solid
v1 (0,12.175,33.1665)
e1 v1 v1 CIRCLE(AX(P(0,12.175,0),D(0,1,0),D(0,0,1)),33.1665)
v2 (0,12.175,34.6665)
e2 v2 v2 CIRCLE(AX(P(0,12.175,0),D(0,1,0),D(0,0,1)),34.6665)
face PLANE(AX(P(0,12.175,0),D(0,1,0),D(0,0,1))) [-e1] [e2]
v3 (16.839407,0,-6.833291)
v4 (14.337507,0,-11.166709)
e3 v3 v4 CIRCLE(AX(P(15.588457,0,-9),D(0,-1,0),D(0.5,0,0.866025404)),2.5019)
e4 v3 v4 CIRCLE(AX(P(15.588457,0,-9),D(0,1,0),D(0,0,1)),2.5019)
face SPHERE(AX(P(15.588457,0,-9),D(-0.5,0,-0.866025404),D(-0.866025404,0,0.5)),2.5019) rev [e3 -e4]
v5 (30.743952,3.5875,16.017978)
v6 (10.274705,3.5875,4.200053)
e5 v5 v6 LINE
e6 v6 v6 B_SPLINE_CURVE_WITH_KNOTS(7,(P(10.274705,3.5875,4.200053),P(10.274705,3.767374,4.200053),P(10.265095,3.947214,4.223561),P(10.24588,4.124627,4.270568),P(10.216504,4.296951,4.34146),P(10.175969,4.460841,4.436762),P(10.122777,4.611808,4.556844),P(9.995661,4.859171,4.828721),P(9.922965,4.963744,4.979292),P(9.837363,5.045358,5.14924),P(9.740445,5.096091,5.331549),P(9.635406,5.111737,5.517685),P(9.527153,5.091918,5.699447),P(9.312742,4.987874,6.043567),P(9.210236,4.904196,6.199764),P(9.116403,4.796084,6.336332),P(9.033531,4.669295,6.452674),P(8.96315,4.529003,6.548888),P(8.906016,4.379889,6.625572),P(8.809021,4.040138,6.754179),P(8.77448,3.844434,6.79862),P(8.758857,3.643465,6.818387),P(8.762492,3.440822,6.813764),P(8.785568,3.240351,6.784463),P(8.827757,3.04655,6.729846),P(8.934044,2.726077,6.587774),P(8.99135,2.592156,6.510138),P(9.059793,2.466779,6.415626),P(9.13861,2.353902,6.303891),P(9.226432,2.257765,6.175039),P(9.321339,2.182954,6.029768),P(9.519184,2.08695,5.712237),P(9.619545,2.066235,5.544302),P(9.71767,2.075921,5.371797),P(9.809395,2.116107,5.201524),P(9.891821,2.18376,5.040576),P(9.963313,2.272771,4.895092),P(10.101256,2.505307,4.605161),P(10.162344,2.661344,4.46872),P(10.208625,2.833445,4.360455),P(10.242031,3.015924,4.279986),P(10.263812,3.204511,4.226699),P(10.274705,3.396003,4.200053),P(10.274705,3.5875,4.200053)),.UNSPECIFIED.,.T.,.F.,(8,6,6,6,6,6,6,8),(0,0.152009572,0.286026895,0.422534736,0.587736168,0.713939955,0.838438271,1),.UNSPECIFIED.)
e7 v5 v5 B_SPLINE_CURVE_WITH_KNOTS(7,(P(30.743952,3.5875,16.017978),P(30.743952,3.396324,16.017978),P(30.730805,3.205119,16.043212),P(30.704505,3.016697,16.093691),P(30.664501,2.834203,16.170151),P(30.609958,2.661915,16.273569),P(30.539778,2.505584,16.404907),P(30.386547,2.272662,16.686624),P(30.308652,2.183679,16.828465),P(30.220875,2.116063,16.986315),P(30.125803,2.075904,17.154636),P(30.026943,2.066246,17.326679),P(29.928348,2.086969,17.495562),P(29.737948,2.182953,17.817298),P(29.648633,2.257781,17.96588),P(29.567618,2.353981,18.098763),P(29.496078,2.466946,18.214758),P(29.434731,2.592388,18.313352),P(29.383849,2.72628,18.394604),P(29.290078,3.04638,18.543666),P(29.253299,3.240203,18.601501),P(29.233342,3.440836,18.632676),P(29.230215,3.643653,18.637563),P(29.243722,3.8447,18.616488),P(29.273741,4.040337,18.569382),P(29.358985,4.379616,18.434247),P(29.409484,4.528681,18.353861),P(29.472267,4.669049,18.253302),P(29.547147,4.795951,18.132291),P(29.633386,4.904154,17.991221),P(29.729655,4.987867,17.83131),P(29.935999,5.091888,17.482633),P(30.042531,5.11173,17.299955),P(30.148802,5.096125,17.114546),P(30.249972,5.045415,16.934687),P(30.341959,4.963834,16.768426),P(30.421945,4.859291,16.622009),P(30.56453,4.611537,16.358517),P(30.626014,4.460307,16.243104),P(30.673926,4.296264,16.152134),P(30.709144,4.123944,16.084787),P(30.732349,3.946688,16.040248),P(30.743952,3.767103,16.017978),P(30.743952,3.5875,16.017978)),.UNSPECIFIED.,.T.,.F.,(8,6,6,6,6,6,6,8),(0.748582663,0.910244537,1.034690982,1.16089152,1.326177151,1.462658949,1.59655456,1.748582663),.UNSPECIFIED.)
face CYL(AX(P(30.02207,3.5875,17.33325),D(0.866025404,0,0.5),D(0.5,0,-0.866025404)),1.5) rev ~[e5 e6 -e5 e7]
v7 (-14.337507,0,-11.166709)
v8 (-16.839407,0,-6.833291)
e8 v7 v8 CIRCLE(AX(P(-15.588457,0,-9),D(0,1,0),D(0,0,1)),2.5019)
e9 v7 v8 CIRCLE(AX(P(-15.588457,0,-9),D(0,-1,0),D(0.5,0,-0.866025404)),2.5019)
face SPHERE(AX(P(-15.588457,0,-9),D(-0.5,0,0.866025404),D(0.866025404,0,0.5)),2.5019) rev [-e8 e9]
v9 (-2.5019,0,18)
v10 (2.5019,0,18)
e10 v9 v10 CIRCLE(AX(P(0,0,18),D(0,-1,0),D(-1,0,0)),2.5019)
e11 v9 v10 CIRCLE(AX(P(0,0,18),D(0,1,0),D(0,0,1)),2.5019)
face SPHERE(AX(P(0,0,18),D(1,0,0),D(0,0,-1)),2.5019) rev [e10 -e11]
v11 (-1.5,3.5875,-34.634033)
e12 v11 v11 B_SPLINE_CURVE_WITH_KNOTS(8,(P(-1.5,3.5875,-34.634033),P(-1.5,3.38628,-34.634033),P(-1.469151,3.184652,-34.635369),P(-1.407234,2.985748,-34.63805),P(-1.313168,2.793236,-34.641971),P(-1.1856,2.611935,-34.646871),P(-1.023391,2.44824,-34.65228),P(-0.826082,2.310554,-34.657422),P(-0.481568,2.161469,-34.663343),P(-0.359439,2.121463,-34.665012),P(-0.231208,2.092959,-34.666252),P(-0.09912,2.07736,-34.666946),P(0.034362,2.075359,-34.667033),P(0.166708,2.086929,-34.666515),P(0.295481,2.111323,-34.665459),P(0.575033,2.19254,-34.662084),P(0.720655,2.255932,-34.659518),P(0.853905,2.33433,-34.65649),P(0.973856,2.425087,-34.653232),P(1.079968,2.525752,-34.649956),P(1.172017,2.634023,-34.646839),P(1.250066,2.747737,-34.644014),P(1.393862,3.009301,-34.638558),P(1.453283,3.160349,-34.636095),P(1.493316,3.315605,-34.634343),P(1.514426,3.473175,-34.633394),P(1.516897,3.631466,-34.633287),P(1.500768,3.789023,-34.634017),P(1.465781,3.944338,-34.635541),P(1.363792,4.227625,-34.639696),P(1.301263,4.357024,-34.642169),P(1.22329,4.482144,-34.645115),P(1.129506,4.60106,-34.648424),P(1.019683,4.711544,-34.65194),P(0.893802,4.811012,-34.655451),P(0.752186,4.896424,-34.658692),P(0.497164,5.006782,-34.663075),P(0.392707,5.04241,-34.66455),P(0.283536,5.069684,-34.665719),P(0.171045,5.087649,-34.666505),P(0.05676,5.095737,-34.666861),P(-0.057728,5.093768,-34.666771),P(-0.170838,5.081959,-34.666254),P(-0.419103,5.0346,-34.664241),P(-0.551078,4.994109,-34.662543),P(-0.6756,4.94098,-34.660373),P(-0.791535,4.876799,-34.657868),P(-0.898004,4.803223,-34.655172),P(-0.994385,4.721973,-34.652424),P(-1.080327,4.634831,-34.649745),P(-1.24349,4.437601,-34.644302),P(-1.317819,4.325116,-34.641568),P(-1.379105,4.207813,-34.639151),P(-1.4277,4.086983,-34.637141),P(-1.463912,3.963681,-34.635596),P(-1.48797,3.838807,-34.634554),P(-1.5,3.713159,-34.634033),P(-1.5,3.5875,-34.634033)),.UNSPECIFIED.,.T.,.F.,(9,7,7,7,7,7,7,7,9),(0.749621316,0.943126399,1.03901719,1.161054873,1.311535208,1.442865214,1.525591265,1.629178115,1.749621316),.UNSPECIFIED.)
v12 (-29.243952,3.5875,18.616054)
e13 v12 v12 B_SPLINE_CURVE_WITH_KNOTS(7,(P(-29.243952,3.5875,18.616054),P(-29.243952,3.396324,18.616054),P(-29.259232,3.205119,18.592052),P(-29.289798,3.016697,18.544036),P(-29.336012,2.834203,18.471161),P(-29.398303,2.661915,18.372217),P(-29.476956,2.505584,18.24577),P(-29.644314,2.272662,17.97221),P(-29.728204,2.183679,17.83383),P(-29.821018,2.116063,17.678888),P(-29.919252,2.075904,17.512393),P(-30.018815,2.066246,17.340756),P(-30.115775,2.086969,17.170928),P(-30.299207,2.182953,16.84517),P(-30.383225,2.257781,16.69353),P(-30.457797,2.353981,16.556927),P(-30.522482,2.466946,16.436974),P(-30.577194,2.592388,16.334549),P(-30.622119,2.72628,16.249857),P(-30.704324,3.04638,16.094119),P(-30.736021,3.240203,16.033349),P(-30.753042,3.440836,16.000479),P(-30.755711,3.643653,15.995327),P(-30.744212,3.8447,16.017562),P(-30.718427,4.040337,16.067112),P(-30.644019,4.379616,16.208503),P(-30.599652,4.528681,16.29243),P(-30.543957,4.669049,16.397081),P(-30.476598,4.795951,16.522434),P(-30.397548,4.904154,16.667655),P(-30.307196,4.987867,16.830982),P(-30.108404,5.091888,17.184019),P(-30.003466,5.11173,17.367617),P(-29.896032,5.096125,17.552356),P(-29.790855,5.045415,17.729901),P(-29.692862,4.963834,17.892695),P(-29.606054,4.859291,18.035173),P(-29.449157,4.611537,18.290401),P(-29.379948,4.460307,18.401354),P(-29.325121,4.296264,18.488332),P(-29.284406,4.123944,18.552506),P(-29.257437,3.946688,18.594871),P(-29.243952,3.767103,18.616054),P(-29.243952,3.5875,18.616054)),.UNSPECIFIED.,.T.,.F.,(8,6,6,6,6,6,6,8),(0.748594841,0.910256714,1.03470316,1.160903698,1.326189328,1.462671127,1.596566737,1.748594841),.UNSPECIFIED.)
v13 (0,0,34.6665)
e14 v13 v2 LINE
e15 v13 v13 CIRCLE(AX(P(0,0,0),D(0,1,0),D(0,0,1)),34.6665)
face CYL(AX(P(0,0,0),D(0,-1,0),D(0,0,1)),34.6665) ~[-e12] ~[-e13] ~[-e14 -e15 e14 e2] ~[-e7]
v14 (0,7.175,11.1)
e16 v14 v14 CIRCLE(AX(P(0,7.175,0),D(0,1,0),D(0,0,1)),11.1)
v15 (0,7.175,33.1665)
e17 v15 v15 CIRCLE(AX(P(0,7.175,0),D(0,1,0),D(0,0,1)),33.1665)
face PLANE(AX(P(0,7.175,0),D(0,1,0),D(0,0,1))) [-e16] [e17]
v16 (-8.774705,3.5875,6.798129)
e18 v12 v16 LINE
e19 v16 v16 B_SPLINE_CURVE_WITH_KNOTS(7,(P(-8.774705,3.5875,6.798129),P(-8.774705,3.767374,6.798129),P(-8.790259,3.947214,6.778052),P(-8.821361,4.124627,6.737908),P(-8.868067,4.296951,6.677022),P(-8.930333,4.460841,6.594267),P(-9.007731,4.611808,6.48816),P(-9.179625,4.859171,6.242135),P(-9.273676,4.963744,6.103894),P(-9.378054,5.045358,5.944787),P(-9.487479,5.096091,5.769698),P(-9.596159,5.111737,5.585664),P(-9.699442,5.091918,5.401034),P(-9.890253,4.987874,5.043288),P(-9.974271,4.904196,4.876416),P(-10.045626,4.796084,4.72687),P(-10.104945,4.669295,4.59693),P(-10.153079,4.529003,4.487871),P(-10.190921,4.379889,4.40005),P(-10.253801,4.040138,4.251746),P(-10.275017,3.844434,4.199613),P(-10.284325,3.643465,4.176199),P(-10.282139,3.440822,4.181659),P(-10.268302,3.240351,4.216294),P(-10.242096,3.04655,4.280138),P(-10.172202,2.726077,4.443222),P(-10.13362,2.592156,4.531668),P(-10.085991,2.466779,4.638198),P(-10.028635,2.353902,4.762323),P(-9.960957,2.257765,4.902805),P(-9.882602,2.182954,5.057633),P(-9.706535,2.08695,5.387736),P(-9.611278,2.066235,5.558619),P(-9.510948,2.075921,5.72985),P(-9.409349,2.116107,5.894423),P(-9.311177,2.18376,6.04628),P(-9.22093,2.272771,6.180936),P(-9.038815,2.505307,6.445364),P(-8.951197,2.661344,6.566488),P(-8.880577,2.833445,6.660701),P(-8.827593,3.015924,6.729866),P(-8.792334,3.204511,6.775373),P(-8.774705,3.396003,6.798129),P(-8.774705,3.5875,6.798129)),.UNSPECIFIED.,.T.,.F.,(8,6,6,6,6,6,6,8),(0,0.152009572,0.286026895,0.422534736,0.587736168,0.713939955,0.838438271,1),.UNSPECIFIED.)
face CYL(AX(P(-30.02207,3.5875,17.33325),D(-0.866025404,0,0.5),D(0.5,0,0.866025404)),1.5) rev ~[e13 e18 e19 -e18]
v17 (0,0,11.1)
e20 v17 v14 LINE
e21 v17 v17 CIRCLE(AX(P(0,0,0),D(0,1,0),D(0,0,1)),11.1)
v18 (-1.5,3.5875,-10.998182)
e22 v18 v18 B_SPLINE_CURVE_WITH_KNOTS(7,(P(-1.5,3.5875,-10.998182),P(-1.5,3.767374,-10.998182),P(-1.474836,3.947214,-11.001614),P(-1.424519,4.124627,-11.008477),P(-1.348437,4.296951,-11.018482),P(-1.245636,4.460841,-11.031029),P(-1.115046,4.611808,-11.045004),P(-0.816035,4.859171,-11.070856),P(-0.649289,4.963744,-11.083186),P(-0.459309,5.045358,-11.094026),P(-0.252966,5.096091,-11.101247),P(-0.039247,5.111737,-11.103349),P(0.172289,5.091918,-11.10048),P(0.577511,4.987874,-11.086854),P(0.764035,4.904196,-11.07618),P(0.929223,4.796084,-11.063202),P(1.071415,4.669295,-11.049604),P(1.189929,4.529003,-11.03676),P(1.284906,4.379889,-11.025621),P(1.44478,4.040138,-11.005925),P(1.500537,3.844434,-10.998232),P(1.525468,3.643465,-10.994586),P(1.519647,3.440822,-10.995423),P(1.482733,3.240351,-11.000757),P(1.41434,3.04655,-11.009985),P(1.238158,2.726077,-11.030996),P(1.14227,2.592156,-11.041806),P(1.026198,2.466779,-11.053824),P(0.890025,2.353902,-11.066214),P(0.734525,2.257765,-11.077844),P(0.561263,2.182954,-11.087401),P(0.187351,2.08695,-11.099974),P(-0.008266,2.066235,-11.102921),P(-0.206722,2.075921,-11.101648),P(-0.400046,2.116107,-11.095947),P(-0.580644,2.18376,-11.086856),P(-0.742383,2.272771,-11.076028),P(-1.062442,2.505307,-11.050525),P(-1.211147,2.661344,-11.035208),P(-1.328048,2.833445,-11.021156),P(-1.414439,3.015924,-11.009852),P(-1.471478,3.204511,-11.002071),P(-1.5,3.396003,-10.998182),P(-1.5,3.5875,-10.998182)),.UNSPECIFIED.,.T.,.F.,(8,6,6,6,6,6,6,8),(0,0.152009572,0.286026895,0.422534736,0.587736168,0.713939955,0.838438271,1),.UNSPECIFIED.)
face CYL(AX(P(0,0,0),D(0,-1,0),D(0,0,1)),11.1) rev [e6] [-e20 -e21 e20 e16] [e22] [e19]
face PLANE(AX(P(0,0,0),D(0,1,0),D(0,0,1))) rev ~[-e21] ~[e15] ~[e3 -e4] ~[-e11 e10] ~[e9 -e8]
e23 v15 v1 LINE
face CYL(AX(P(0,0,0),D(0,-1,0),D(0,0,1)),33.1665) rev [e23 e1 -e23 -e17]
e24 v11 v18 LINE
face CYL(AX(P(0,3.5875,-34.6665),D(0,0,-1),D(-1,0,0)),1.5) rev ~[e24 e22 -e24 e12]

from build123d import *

# Parameters (mm, degrees)
SKETCH2_R               = 33.1665
SKETCH2_R_2             = 11.1
BOSS_EXTRUDE1_DEPTH     = 7.175
SKETCH2_5_R             = 34.6665
SKETCH2_5_R_2           = 33.1665
BOSS_EXTRUDE2_DEPTH     = 12.175
CIRPATTERN1_COUNT       = 3
CUT_EXTRUDE3_REACH      = 85.886
CUT_EXTRUDE3_END_RADIUS = 11.1
SKETCH5_R               = 1.5
CIRPATTERN2_COUNT       = 3


with BuildPart() as part:
    # Sketch2 → Boss-Extrude1 (new body)
    with BuildSketch(Plane(origin=(0, 0, 0), x_dir=(1, 0, 0), z_dir=(0, 1, 0))):
        Circle(SKETCH2_R)
        Circle(SKETCH2_R_2, mode=Mode.SUBTRACT)
    extrude(amount=BOSS_EXTRUDE1_DEPTH)

    # Sketch2<5> → Boss-Extrude2 (add)
    with BuildSketch(Plane(origin=(0, 0, 0), x_dir=(1, 0, 0), z_dir=(0, 1, 0))):
        Circle(SKETCH2_5_R)
        Circle(SKETCH2_5_R_2, mode=Mode.SUBTRACT)
    extrude(amount=BOSS_EXTRUDE2_DEPTH)

    # Sketch3 → Cut-Revolve1 (revolve, cut)
    with BuildSketch(Plane.XZ):
        with BuildLine():
            Line((2.5019, 18), (-2.5019, 18))
            ThreePointArc((-2.5019, 18), (0, 15.4981), (2.5019, 18))
        make_face()
    cut_revolve1 = revolve(axis=Axis((3.292813159, 0, 18), (-1, 0, 0)), mode=Mode.SUBTRACT)

    # CirPattern1: Cut-Revolve1 ×3 about axis
    cirpattern1_axis = Axis((0, 0, 0), (0, 1, 0))
    for i in range(1, CIRPATTERN1_COUNT):
        add(cut_revolve1.rotate(cirpattern1_axis, i * 360 / CIRPATTERN1_COUNT), mode=Mode.SUBTRACT)

    # Cut-Extrude3: up to this cylinder (the profile starts outside it)
    cut_extrude3_end = Plane(origin=(0, 3.5875, 0), z_dir=(0, -1, 0)) * Cylinder(CUT_EXTRUDE3_END_RADIUS, 194.972, mode=Mode.PRIVATE)
    # Sketch5 → Cut-Extrude3 (cut, up to the surface)
    with BuildSketch(Plane(origin=(30.02206966, 0, 17.33325), x_dir=(0.4999999999999922, 0, -0.8660254037844431), z_dir=(0.8660254037844431, 0, 0.4999999999999922)), mode=Mode.PRIVATE) as cut_extrude3_sk1:
        with Locations((0, 3.5875)):
            Circle(SKETCH5_R)
    cut_extrude3_tool1 = extrude(cut_extrude3_sk1.sketch, amount=-CUT_EXTRUDE3_REACH, mode=Mode.PRIVATE) - cut_extrude3_end
    cut_extrude3 = cut_extrude3_tool1.solids().sort_by_distance((30.02207, 3.5875, 17.33325))[0]
    add(cut_extrude3, mode=Mode.SUBTRACT)

    # CirPattern2: Cut-Extrude3 ×3 about axis
    cirpattern2_axis = Axis((0, 12.175, 0), (0, -1, 0))
    for i in range(1, CIRPATTERN2_COUNT):
        add(cut_extrude3.rotate(cirpattern2_axis, i * 360 / CIRPATTERN2_COUNT), mode=Mode.SUBTRACT)


solid = part.part
